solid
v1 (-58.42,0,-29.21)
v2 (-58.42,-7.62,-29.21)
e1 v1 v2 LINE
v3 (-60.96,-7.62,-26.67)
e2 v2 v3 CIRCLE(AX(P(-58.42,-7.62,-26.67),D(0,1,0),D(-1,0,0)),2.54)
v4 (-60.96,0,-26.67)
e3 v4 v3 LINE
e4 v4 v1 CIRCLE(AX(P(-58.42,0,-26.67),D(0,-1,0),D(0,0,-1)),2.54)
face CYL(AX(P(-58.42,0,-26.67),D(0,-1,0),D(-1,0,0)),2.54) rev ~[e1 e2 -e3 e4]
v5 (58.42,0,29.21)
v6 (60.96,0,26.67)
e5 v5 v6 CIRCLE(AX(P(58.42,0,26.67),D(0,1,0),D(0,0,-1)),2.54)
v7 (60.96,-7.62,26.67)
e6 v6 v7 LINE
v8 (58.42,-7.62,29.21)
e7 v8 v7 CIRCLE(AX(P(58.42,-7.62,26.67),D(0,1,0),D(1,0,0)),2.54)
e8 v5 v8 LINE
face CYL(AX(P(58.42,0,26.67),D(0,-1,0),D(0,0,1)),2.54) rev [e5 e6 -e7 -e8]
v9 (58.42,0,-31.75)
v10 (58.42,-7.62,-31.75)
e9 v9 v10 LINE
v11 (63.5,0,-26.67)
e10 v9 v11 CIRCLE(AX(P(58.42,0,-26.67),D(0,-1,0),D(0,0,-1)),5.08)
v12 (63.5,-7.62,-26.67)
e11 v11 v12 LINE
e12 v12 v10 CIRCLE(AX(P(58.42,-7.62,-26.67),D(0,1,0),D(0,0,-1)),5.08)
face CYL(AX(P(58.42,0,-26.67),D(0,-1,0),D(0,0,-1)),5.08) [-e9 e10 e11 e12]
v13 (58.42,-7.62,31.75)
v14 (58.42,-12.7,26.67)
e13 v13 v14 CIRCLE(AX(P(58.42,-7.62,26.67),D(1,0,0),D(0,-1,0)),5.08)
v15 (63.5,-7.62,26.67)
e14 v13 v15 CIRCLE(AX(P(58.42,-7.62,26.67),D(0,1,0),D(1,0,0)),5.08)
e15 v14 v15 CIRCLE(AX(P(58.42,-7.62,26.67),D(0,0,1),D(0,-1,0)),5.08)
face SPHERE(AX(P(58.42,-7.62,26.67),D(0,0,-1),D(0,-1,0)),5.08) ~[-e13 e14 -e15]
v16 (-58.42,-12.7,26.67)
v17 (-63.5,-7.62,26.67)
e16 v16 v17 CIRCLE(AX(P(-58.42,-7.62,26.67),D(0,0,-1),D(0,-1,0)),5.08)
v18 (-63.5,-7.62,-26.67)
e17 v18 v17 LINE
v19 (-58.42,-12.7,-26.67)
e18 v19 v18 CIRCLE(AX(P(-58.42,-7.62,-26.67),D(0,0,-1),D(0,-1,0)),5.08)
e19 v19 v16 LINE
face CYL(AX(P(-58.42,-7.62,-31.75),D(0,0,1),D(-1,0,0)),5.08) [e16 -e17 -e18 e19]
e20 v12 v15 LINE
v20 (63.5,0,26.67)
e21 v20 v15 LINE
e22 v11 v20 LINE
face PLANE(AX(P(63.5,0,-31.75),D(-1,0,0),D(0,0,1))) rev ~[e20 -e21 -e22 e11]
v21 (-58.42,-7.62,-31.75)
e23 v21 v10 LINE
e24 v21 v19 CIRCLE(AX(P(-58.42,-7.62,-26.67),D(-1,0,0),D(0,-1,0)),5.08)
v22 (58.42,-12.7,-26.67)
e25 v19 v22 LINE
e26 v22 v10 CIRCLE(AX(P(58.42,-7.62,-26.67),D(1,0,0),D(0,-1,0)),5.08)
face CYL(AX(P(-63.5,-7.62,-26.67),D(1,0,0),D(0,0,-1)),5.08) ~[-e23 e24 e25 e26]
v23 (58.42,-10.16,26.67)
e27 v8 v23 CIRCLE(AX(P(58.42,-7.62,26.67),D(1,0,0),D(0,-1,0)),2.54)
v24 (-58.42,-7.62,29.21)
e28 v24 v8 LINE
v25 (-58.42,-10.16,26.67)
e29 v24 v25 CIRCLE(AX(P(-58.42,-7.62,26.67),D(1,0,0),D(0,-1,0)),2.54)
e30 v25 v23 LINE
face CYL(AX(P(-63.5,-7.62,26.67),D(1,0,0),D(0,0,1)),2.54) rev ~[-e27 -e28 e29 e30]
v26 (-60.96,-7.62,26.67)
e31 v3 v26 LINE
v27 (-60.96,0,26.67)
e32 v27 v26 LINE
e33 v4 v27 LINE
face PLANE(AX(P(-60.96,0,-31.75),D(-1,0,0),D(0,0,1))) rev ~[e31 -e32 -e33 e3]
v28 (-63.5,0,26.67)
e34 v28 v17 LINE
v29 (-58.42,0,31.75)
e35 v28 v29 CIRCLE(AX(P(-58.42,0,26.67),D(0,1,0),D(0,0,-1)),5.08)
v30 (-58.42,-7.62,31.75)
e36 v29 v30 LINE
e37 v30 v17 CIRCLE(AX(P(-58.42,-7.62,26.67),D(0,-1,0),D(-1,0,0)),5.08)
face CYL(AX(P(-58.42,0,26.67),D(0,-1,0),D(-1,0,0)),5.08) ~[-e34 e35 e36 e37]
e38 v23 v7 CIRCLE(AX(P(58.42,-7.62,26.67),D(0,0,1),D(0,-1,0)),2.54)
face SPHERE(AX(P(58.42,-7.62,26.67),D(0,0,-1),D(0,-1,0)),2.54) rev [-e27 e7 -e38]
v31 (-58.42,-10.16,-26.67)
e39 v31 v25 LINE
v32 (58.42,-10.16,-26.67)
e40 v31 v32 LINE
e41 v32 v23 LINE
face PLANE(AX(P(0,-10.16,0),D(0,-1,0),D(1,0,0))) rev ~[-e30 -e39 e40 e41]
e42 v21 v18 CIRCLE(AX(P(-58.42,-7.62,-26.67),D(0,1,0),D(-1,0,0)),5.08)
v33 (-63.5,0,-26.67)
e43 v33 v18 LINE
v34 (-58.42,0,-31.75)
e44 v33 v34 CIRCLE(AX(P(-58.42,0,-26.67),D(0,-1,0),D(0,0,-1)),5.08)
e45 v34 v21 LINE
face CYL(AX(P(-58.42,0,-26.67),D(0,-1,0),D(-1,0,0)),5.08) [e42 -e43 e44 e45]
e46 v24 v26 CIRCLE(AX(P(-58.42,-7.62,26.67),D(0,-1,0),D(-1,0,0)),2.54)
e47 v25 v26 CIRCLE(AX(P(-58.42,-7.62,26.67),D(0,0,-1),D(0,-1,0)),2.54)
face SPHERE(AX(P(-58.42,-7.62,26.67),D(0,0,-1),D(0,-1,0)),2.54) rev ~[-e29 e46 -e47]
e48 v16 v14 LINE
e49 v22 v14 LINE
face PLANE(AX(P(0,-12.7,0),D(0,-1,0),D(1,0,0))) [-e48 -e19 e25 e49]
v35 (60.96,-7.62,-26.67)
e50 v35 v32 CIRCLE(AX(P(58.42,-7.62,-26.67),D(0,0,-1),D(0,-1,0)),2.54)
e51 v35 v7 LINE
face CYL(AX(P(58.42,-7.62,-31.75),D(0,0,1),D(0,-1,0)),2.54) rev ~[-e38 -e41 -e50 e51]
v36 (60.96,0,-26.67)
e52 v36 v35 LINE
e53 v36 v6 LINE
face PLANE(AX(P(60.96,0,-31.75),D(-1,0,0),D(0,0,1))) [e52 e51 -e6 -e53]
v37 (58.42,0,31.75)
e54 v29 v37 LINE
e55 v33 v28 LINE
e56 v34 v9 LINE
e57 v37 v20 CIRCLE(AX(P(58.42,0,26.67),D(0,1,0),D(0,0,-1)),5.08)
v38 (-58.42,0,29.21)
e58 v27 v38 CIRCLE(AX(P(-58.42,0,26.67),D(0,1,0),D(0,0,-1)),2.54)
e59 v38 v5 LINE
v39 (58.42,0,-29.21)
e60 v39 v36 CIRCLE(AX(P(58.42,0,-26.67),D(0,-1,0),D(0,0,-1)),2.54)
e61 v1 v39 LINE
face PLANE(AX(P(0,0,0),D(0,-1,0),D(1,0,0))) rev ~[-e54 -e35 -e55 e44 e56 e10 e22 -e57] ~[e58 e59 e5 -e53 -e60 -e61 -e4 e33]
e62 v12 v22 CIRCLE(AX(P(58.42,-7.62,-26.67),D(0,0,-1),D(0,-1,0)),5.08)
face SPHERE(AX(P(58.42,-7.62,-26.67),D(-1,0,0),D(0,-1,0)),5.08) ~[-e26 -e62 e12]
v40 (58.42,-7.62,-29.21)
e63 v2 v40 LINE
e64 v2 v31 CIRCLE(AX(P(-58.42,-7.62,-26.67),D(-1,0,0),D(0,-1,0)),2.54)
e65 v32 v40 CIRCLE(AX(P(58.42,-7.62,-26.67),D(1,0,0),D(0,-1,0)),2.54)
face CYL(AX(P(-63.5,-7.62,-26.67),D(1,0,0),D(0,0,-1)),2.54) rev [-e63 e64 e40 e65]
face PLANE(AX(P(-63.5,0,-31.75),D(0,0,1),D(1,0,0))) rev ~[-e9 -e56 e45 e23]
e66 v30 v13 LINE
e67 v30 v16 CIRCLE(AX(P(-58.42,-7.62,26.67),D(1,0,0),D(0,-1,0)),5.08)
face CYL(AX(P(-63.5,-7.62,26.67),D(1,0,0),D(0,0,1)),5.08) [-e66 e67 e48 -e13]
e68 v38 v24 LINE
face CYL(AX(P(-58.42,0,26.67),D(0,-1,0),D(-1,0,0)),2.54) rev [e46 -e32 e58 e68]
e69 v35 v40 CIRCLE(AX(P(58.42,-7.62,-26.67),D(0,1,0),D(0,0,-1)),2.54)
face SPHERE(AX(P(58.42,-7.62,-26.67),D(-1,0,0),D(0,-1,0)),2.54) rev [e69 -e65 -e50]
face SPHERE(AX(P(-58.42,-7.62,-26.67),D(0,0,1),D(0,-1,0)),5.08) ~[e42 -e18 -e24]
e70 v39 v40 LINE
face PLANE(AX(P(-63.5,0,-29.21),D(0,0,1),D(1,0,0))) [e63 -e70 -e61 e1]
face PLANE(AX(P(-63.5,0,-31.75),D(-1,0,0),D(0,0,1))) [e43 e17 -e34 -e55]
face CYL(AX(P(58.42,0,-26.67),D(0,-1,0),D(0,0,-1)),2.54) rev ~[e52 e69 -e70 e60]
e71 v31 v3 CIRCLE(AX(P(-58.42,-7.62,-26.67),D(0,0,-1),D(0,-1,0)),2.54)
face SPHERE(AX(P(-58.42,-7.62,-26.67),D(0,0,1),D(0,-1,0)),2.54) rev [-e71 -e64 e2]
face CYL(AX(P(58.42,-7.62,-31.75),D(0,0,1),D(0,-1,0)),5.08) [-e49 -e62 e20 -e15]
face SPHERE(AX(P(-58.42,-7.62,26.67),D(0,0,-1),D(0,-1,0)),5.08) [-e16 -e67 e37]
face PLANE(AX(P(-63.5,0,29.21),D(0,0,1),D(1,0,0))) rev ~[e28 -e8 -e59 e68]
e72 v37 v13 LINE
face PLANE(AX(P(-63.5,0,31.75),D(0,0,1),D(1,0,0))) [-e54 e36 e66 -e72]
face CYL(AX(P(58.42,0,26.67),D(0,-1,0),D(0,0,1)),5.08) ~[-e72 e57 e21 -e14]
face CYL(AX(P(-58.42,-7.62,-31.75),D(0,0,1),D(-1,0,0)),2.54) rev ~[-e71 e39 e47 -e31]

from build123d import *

# Parameters (mm, degrees)
F0_W     = 127
F0_H     = 63.5
F1_DEPTH = 12.7
F2_DEPTH = 12.7
F3_R     = 5.08
F4_T     = -2.54


with BuildPart() as f1:
    # F0 (on Front) → F1 (new body)
    with BuildSketch(Plane.XZ):
        Rectangle(F0_W, F0_H)
    extrude(amount=F1_DEPTH)

    # F0 (on Front) → F2 (join)
    with BuildSketch(Plane.XZ):
        Rectangle(F0_W, F0_H)
    extrude(amount=F2_DEPTH)

    # F3
    f3_edges = [f1.edges().sort_by_distance(p)[0] for p in [
        (-63.5, -12.7, 0),
        (0, -12.7, -31.75),
        (63.5, -12.7, 0),
        (0, -12.7, 31.75),
        (63.5, -6.35, 31.75),
        (63.5, -6.35, -31.75),
        (-63.5, -6.35, -31.75),
        (-63.5, -6.35, 31.75),
    ]]
    fillet(f3_edges, radius=F3_R)

    # F4
    f4_openings = [f1.faces().sort_by_distance(p)[0] for p in [
        (0, 0, 0),
    ]]
    offset(amount=F4_T, openings=f4_openings)


solid = f1.part
